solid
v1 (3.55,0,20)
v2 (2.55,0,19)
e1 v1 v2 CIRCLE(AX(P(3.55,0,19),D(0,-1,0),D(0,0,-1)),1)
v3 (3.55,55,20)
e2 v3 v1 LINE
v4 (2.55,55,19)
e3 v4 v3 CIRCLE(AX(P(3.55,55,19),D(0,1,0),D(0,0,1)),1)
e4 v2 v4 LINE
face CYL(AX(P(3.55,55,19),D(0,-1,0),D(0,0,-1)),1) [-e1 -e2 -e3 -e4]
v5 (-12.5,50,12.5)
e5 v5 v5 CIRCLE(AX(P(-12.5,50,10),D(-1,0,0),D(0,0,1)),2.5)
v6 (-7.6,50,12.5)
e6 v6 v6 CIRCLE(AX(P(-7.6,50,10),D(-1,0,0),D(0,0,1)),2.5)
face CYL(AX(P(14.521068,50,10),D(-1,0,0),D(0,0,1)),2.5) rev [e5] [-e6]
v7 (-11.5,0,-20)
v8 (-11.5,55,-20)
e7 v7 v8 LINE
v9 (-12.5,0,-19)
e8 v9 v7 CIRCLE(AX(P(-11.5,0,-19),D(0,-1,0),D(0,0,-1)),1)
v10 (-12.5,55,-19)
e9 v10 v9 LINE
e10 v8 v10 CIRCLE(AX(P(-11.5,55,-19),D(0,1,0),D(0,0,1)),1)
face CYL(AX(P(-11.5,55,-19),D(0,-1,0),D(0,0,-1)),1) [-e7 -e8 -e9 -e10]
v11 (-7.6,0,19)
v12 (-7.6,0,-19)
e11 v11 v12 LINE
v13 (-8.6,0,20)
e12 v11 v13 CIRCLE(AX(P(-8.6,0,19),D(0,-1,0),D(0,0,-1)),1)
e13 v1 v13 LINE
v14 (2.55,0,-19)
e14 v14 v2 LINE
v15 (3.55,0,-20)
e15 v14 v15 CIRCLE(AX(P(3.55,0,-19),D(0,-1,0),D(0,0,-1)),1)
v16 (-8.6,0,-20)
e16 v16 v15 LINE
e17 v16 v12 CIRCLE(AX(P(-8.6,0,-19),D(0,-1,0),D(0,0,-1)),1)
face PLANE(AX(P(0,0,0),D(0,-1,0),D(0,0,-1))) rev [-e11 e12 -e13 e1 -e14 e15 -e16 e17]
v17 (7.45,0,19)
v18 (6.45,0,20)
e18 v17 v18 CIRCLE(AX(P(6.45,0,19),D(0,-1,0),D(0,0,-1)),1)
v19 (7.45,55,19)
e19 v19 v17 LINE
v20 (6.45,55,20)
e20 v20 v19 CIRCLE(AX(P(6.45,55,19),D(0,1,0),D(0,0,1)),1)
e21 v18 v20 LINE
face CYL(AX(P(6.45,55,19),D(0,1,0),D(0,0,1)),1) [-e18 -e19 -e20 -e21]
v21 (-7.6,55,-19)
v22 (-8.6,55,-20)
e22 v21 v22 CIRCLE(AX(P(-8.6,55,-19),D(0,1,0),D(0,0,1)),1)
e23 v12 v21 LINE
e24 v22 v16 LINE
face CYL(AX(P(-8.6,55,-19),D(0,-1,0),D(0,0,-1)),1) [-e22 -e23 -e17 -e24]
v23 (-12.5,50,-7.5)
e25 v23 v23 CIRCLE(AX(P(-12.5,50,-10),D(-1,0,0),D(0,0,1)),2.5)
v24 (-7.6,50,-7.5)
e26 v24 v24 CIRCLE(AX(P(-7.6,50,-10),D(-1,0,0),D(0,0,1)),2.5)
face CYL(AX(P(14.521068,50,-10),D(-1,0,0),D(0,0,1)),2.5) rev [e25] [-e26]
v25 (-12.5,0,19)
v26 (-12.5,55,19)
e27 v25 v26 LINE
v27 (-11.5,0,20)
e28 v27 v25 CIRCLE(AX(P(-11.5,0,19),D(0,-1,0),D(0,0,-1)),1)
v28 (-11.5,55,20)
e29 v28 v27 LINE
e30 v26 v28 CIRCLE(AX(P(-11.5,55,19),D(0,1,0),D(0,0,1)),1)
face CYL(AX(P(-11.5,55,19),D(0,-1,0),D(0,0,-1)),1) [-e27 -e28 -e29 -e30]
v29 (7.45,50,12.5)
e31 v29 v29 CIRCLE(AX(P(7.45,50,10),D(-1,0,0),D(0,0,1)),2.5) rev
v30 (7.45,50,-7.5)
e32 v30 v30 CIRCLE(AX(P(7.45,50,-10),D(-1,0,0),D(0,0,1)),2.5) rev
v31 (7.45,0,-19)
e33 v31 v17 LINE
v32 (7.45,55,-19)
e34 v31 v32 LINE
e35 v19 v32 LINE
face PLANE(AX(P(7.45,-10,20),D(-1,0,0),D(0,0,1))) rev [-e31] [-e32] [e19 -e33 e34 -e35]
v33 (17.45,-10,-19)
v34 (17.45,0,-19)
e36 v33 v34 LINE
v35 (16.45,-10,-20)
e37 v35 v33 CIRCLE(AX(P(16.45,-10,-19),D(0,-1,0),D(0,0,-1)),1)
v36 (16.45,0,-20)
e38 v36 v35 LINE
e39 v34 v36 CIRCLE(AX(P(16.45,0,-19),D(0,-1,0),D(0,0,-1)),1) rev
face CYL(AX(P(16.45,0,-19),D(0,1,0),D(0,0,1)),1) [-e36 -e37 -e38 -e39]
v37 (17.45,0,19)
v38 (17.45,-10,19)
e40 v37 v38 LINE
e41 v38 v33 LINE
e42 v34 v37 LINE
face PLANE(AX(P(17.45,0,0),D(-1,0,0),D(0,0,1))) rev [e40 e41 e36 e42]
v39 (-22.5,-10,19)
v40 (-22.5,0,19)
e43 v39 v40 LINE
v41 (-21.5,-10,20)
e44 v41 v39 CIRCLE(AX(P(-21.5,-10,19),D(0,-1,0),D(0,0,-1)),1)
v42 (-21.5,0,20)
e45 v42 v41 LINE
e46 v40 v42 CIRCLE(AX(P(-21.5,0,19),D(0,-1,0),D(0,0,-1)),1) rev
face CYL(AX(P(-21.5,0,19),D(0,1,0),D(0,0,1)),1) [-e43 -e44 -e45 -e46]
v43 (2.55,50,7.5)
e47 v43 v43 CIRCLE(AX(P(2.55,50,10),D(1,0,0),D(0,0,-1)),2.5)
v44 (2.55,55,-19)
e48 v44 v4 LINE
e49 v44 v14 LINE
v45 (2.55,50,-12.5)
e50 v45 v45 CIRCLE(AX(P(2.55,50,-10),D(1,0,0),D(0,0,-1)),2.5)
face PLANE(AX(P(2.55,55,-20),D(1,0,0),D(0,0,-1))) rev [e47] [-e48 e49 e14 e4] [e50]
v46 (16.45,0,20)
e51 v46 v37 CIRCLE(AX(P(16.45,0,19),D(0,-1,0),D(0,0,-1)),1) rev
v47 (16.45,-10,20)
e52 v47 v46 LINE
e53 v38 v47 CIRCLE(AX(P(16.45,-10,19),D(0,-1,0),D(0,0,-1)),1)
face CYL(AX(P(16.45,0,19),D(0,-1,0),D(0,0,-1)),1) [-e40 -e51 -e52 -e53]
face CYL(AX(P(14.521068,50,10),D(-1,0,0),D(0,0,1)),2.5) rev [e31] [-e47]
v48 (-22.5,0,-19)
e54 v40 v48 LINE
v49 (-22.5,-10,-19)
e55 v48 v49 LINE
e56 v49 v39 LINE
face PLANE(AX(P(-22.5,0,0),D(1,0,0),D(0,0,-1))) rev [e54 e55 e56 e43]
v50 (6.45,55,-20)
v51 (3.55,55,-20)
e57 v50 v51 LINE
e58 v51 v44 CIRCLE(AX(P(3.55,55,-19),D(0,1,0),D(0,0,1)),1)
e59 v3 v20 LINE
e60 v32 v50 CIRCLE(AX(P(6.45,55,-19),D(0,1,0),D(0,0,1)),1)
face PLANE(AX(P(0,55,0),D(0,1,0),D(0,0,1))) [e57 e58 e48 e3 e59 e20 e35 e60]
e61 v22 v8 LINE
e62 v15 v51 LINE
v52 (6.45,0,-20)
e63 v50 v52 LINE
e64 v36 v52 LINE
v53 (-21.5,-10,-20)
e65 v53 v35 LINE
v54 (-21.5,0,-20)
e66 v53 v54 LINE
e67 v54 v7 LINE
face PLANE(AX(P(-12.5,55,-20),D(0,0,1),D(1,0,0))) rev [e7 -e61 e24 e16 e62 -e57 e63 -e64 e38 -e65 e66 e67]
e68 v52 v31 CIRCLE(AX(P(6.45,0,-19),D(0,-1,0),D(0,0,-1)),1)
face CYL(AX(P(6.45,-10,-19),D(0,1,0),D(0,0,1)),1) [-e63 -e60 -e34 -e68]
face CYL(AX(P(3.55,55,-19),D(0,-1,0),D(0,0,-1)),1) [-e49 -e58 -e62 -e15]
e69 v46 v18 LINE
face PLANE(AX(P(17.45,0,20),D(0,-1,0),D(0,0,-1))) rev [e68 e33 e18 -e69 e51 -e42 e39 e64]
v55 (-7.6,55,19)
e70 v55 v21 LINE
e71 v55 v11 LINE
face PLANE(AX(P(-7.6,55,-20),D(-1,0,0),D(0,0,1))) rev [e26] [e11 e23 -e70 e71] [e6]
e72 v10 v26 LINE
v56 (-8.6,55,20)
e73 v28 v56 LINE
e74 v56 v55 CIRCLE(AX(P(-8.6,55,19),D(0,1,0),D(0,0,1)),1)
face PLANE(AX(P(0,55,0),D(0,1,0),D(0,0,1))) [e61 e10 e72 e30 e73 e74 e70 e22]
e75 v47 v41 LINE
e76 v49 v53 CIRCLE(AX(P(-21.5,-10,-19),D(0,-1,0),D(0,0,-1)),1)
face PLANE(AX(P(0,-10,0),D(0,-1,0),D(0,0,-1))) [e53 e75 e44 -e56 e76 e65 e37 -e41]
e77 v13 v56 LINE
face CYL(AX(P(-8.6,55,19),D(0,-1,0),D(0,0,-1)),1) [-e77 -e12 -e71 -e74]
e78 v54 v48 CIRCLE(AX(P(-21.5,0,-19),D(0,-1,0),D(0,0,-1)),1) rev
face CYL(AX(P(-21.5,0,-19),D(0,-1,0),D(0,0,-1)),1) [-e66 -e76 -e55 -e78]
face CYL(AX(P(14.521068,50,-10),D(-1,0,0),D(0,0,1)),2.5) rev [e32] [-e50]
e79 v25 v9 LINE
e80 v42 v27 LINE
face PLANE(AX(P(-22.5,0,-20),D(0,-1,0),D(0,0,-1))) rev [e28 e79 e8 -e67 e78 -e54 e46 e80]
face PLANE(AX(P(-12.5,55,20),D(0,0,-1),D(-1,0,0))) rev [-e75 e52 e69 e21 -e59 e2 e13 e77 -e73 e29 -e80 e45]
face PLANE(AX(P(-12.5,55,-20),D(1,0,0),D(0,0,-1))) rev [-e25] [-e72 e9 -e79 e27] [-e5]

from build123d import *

# Parameters (mm, degrees)
SKETCH1_W             = 4.9
SKETCH1_H             = 40
BOSS_EXTRUDE1_DEPTH   = 55
BOSS_EXTRUDE1_2_DEPTH = 55
SKETCH2_W             = 19.95
SKETCH2_H             = 40
BOSS_EXTRUDE2_DEPTH   = 10
SKETCH3_R             = 2.5
CUT_EXTRUDE1_DEPTH    = 19.95
SKETCH5_W             = 40
SKETCH5_H             = 10
BOSS_EXTRUDE4_DEPTH   = 10
SKETCH6_W             = 40
SKETCH6_H             = 10
BOSS_EXTRUDE5_DEPTH   = 10
FILLET1_R             = 1


with BuildPart() as part:
    # Sketch1 → Boss-Extrude1 (new body)
    with BuildSketch(Plane(origin=(0, 0, 0), x_dir=(1, 0, 0), z_dir=(0, 1, 0))):
        with Locations((-10.05, 0)):
            Rectangle(SKETCH1_W, SKETCH1_H)
    extrude(amount=BOSS_EXTRUDE1_DEPTH)



with BuildPart() as body_2:
    # Sketch1 → Boss-Extrude1 2 (new body)
    with BuildSketch(Plane(origin=(0, 0, 0), x_dir=(1, 0, 0), z_dir=(0, 1, 0))):
        with Locations((5, 0)):
            Rectangle(SKETCH1_W, SKETCH1_H)
    extrude(amount=BOSS_EXTRUDE1_2_DEPTH)


with BuildPart() as part_1:
    add(part.part)

    add(body_2.part)  # Boss-Extrude2 merges body 2
    # Sketch2 → Boss-Extrude2 (add)
    with BuildSketch(Plane.XZ):
        with Locations((-2.525, 0)):
            Rectangle(SKETCH2_W, SKETCH2_H)
    extrude(amount=BOSS_EXTRUDE2_DEPTH)

    # Sketch3 → Cut-Extrude1 (cut)
    with BuildSketch(Plane.ZY.offset(12.5)):
        with Locations((-10, 50)):
            Circle(SKETCH3_R)
        with Locations((10, 50)):
            Circle(SKETCH3_R)
    extrude(amount=-CUT_EXTRUDE1_DEPTH, mode=Mode.SUBTRACT)

    # Sketch5 → Boss-Extrude4 (add)
    with BuildSketch(Plane.ZY.offset(12.5)):
        with Locations((0, -5)):
            Rectangle(SKETCH5_W, SKETCH5_H)
    extrude(amount=BOSS_EXTRUDE4_DEPTH)

    # Sketch6 → Boss-Extrude5 (add)
    with BuildSketch(Plane(origin=(7.45, 0, 0), x_dir=(0, 0, -1), z_dir=(1, 0, 0))):
        with Locations((0, -5)):
            Rectangle(SKETCH6_W, SKETCH6_H)
    extrude(amount=BOSS_EXTRUDE5_DEPTH)

    # Fillet1
    fillet1_edges = [part_1.edges().sort_by_distance(p)[0] for p in [
        (2.55, 27.5, -20),
        (2.55, 27.5, 20),
        (-22.5, -5, -20),
        (-22.5, -5, 20),
        (-12.5, 27.5, -20),
        (7.45, 27.5, -20),
        (7.45, 27.5, 20),
        (-7.6, 27.5, -20),
        (-7.6, 27.5, 20),
        (17.45, -5, 20),
        (-12.5, 27.5, 20),
        (17.45, -5, -20),
    ]]
    fillet(fillet1_edges, radius=FILLET1_R)


solid = part_1.part
